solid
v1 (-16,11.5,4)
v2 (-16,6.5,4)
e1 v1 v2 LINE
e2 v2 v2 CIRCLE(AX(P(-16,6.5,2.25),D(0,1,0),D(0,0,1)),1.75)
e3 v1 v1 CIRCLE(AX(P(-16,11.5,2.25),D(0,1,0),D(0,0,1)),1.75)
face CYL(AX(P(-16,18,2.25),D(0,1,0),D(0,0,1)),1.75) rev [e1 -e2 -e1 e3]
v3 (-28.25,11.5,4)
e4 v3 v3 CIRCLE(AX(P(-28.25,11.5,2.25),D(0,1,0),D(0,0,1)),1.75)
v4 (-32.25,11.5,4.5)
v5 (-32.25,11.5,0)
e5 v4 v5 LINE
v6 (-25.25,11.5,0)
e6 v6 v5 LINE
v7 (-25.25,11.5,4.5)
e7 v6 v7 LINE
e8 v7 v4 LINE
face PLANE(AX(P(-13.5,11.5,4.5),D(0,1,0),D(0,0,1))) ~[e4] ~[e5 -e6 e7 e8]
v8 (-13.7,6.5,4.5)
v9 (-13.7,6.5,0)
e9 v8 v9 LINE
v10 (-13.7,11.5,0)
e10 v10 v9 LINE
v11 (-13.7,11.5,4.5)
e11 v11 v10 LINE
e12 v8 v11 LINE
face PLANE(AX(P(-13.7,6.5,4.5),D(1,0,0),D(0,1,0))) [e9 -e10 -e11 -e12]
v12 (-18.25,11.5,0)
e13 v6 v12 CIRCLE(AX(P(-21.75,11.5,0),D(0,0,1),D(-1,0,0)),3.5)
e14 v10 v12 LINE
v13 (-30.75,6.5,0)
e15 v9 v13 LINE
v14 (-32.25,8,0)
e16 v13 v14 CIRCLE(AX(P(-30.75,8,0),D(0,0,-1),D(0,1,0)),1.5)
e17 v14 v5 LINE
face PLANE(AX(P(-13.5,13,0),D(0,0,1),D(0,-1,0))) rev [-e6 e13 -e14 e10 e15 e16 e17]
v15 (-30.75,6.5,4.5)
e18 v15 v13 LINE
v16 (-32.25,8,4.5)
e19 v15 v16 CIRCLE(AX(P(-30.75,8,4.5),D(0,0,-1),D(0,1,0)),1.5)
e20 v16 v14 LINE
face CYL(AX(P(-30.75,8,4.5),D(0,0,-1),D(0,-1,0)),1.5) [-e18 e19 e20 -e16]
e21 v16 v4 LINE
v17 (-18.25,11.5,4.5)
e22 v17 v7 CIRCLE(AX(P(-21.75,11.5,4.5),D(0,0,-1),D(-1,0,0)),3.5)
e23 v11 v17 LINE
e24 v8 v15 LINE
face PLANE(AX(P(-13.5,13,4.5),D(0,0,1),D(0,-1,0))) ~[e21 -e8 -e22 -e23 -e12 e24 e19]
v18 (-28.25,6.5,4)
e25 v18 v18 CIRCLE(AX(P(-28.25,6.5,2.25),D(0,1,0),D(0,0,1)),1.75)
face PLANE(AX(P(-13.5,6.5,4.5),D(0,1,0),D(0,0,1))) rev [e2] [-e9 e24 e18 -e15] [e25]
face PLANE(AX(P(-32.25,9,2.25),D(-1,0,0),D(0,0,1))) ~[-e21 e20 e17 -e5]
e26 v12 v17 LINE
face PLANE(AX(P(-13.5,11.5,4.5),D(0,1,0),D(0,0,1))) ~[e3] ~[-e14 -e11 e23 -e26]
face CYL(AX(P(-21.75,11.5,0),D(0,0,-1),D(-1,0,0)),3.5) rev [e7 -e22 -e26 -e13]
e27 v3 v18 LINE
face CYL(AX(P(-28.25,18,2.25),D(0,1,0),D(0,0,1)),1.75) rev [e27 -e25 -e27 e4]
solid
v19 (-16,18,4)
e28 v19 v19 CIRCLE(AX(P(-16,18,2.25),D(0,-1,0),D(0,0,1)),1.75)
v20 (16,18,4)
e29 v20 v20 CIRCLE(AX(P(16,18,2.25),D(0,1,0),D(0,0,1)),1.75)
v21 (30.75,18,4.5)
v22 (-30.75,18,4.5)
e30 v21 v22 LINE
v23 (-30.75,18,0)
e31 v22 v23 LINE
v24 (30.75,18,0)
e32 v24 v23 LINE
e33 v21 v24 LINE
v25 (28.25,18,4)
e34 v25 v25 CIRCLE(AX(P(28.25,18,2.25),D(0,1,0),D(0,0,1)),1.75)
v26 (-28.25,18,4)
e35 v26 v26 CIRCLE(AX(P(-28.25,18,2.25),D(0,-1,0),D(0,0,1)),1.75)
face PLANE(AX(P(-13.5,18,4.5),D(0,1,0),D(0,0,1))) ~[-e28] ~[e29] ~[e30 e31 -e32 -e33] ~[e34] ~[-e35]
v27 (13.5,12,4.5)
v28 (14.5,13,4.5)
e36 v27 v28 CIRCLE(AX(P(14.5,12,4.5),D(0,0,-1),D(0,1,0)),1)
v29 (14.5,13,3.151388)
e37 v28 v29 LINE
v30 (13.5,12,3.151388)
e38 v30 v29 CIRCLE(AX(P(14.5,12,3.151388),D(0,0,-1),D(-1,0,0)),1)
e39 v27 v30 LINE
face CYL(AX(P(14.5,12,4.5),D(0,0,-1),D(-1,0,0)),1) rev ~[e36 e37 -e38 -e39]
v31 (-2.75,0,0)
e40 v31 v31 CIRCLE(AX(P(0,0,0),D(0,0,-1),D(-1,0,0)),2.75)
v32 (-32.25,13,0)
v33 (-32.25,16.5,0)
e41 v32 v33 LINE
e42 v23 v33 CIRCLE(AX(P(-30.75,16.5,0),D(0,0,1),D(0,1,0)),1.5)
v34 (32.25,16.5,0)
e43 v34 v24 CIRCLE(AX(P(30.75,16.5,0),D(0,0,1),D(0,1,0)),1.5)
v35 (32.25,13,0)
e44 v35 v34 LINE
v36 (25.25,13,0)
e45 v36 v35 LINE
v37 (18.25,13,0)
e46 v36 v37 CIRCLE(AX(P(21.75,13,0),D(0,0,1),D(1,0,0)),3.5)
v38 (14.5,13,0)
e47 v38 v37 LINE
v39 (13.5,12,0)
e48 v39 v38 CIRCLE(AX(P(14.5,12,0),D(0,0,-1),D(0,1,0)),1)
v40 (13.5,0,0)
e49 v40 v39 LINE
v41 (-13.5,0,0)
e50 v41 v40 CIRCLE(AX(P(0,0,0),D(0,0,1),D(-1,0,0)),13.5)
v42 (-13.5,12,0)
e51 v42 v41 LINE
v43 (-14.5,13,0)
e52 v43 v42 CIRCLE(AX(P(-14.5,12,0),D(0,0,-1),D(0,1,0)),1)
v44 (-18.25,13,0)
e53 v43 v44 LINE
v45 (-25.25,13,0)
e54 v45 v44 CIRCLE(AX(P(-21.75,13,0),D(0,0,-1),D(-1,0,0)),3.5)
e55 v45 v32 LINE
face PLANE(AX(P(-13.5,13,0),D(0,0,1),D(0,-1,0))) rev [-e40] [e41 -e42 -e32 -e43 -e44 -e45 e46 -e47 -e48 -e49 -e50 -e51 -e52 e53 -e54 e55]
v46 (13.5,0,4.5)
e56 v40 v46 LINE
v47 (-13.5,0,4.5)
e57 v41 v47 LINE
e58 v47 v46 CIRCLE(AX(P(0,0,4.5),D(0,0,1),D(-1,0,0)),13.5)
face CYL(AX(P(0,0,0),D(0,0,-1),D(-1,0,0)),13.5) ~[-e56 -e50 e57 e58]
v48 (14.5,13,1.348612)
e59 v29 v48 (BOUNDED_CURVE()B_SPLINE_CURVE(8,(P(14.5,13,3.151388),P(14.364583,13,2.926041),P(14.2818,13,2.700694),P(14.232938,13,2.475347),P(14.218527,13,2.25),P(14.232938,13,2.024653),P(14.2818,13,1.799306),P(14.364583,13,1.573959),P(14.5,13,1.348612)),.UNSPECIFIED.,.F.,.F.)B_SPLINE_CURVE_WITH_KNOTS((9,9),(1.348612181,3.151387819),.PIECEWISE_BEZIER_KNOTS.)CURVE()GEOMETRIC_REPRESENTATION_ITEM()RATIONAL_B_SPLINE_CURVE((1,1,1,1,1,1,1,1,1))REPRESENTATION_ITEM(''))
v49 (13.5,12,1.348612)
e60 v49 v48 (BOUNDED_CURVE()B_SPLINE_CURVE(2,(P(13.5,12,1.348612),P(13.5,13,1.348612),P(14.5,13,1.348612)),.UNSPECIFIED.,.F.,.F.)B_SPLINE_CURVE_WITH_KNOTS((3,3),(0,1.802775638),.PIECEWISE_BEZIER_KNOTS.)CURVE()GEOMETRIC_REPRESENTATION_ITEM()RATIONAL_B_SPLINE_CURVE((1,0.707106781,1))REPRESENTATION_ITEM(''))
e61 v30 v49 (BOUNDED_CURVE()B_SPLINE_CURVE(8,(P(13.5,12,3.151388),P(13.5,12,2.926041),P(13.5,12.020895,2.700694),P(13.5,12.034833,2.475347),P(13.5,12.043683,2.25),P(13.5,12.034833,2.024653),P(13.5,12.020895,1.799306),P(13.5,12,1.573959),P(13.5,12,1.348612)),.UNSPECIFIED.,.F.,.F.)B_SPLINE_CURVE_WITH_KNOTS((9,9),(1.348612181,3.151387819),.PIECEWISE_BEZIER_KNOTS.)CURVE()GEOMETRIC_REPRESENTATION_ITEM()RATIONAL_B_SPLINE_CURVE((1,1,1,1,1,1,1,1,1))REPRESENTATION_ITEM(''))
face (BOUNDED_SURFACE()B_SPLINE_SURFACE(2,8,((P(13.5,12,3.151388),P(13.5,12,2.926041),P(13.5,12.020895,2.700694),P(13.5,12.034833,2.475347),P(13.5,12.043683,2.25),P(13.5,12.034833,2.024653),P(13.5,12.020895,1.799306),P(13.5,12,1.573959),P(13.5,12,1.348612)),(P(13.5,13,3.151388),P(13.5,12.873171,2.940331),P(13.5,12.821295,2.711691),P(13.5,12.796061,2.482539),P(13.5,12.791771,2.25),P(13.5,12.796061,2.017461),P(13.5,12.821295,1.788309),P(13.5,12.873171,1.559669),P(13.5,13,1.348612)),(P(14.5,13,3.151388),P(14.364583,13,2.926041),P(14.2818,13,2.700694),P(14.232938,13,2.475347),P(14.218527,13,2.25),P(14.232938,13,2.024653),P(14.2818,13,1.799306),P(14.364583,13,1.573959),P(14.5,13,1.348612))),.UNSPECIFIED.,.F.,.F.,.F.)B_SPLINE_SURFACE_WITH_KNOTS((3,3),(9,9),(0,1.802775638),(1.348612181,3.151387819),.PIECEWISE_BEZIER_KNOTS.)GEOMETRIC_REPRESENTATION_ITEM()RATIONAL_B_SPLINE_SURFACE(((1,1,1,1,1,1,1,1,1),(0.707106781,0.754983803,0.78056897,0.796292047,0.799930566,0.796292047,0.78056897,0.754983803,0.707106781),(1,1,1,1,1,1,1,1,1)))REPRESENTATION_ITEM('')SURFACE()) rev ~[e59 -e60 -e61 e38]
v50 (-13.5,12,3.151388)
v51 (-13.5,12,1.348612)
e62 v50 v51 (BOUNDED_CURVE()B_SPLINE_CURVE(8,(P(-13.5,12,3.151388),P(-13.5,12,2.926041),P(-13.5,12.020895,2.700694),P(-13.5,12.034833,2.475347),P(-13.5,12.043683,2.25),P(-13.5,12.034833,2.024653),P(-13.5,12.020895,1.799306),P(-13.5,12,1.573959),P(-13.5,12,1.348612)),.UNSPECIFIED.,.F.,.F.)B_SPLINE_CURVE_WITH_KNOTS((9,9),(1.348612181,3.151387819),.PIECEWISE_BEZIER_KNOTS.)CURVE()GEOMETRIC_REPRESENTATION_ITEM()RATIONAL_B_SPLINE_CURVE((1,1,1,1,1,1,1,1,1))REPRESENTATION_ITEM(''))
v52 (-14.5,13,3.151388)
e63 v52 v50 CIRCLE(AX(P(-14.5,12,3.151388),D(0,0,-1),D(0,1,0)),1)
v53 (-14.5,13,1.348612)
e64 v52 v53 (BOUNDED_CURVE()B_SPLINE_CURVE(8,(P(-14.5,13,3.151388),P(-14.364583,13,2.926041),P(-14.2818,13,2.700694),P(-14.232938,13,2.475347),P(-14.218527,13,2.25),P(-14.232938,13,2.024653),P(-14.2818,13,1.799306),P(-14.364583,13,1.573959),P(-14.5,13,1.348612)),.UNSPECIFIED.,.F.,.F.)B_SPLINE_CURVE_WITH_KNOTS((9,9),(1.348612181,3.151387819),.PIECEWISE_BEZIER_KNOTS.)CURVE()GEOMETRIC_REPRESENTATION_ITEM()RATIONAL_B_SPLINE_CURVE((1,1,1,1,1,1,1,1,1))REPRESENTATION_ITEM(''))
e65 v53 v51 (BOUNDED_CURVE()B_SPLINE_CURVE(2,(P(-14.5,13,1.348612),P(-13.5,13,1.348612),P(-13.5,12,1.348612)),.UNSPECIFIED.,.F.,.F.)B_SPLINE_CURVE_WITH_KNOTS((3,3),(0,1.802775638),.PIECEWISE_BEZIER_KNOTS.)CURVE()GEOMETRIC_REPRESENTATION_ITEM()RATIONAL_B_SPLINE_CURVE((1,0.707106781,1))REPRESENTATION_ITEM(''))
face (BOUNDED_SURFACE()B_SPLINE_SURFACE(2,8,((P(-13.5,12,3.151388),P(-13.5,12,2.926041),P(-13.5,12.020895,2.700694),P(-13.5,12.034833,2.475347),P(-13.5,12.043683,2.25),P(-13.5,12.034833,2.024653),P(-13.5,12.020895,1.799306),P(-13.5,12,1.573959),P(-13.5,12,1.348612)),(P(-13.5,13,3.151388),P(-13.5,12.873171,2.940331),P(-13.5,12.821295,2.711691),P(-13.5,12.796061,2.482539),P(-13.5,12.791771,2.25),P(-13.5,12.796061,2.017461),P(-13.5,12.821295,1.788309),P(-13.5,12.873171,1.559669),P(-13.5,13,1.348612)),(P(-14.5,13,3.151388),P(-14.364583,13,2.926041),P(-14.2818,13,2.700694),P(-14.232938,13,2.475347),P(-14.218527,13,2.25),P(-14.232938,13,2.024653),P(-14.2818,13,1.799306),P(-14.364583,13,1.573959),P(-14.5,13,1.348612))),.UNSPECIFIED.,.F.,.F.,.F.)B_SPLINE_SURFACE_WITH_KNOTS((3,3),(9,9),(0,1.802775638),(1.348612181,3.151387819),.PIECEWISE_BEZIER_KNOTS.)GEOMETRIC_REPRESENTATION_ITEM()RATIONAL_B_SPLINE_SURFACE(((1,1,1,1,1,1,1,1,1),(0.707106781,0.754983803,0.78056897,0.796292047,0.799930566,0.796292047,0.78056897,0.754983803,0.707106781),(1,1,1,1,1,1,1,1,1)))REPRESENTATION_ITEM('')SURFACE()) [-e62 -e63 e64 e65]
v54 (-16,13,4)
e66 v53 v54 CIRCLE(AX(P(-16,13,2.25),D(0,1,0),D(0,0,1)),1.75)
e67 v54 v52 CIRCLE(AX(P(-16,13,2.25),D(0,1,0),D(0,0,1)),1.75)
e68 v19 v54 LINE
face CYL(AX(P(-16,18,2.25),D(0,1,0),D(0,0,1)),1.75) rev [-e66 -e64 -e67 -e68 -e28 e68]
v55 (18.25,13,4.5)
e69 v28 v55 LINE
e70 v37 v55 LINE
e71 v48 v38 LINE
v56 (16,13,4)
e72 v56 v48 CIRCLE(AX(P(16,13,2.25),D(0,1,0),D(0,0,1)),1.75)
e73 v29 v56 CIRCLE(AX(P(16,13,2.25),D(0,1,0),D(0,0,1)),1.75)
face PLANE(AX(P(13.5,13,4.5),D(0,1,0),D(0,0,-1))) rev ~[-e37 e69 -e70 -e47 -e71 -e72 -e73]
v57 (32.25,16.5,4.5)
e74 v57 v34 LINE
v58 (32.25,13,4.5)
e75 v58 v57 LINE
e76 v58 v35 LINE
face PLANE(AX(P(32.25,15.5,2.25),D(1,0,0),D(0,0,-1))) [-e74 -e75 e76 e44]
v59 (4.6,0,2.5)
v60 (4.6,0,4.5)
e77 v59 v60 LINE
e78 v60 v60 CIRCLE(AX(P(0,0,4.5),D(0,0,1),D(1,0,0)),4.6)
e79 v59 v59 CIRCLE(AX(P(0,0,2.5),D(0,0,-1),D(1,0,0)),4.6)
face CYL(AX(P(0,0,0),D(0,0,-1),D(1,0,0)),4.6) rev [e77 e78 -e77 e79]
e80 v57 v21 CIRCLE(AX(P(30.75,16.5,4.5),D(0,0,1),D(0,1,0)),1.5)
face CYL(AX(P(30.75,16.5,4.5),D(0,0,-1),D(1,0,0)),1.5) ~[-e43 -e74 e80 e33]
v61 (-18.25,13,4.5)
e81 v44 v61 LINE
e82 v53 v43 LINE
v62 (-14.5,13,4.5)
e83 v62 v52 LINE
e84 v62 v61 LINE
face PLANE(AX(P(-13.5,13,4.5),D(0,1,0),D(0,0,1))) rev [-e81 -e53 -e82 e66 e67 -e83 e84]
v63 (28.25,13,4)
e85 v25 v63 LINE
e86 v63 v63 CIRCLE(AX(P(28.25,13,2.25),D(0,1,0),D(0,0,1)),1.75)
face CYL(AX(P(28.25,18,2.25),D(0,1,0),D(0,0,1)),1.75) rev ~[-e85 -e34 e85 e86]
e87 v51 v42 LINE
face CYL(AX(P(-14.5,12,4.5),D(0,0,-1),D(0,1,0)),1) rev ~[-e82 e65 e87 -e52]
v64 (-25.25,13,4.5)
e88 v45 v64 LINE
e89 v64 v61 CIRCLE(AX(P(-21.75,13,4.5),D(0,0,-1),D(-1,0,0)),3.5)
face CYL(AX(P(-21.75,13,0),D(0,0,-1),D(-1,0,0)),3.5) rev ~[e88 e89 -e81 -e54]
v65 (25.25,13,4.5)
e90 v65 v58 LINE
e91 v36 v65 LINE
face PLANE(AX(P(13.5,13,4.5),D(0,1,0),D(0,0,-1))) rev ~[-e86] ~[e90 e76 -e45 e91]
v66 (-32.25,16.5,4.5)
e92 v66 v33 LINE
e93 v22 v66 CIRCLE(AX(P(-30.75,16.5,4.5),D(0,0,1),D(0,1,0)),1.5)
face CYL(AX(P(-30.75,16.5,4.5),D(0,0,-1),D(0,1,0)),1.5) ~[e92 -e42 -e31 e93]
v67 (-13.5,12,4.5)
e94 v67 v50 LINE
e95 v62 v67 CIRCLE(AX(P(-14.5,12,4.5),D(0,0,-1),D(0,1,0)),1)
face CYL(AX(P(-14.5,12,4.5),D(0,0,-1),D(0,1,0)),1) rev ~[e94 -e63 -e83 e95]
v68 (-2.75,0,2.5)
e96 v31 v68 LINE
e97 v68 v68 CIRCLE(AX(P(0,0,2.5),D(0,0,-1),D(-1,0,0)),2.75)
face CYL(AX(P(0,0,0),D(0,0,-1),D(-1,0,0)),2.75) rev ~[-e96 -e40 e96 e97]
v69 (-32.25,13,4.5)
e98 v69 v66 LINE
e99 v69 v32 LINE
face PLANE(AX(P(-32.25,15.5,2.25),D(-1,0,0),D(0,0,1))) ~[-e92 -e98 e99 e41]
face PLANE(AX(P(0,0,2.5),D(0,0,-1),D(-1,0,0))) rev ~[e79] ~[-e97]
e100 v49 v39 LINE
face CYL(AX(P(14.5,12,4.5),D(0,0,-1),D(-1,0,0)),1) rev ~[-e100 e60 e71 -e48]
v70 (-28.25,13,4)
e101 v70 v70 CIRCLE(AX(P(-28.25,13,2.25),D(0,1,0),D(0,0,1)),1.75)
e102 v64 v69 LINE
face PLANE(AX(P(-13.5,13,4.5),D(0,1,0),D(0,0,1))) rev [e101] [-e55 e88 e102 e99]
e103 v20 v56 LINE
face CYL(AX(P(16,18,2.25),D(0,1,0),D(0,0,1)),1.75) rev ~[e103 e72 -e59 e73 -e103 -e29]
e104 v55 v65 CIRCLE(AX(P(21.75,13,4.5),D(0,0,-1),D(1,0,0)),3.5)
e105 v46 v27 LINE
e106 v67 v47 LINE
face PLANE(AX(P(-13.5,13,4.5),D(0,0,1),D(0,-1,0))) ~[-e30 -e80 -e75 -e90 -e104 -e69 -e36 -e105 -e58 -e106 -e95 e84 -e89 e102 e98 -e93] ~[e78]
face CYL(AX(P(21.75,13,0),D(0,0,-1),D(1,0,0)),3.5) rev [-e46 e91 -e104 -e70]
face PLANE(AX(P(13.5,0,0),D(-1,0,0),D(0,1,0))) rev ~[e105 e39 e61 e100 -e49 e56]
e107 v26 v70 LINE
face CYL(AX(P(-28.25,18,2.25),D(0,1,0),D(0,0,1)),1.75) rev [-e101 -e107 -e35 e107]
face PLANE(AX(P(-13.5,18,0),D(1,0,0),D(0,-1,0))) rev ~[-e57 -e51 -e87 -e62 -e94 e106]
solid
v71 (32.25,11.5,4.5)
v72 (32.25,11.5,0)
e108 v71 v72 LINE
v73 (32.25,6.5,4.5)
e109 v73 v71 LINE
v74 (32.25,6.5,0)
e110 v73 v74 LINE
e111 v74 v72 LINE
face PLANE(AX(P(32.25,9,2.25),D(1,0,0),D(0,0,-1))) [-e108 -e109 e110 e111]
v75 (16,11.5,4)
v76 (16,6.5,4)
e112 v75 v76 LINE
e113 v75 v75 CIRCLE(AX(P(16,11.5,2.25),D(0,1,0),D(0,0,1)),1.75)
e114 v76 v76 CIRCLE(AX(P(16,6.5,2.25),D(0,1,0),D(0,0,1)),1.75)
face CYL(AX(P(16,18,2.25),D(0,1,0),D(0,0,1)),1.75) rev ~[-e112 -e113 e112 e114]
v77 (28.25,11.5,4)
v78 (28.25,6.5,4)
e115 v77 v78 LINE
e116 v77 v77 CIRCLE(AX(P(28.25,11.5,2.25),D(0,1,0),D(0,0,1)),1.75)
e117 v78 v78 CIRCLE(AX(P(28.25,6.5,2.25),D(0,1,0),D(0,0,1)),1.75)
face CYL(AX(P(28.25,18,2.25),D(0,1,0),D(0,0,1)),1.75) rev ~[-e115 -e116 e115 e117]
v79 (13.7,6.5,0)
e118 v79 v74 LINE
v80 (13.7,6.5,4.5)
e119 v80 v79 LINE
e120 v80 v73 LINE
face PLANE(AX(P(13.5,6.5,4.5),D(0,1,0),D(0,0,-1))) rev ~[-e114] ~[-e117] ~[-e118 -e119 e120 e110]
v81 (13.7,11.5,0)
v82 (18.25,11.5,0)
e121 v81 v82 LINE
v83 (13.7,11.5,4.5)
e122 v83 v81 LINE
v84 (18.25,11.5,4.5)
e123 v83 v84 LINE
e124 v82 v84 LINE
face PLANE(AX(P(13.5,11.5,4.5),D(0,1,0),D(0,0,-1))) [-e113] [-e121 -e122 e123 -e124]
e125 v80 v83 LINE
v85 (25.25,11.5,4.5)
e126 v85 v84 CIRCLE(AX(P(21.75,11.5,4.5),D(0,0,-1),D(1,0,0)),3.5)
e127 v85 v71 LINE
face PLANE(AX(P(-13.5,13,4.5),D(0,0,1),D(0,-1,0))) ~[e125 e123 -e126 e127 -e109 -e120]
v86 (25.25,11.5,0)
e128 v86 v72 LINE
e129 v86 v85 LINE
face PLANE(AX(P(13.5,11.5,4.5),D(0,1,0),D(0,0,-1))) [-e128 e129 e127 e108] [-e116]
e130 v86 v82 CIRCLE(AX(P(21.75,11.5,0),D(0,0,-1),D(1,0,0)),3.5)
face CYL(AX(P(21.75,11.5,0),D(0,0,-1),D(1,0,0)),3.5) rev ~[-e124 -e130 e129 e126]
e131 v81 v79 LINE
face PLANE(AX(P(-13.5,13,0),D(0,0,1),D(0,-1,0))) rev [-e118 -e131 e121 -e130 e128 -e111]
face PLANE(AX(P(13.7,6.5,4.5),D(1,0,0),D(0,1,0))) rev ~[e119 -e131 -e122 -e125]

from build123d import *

# Parameters (mm, degrees)
SKETCH_1_R          = 4.6
EXTRUDE_1_DEPTH     = 4.5
SKETCH_3_R          = 4.6
EXTRUDE_2_DEPTH     = 2.5
SKETCH_4_R          = 2.75
CUT_EXTRUDE_1_DEPTH = 2.5
SKETCH_5_W          = 4.5
SKETCH_5_H          = 5
EXTRUDE_3_DEPTH     = 18.75
CUT_EXTRUDE_2_DEPTH = 18.75
SKETCH_7_R          = 1.75
CUT_EXTRUDE_3_DEPTH = 18.75
SKETCH_9_R          = 1.75
CUT_EXTRUDE_8_DEPTH = 20
SKETCH_13_W         = 0.2
SKETCH_13_H         = 5
CUT_EXTRUDE_4_DEPTH = 10
FILLET_1_R          = 1.5
FILLET_2_R          = 1.5
FILLET_3_R          = 1


with BuildPart() as part:
    # 草图1 → 凸台-拉伸1 (new body)
    with BuildSketch(Plane.XY):
        with BuildLine():
            ThreePointArc((-13.5, 0), (0, -13.5), (13.5, 0))
            Line((13.5, 0), (13.5, 18))
            Line((13.5, 18), (-13.5, 18))
            Line((-13.5, 18), (-13.5, 0))
        make_face()
        Circle(SKETCH_1_R, mode=Mode.SUBTRACT)
    extrude(amount=EXTRUDE_1_DEPTH)

    # 草图3 → 凸台-拉伸2 (add)
    with BuildSketch(Plane(origin=(0, 0, 0), x_dir=(-1, 0, 0), z_dir=(0, 0, -1))):
        Circle(SKETCH_3_R)
    extrude(amount=-EXTRUDE_2_DEPTH)

    # 草图4 → 切除-拉伸1 (cut)
    with BuildSketch(Plane(origin=(0, 0, 0), x_dir=(-1, 0, 0), z_dir=(0, 0, -1))):
        Circle(SKETCH_4_R)
    extrude(amount=-CUT_EXTRUDE_1_DEPTH, mode=Mode.SUBTRACT)

    # 草图5 → 凸台-拉伸3 (add)
    with BuildSketch(Plane(origin=(13.5, 0, 0), x_dir=(0, 0, -1), z_dir=(1, 0, 0))):
        with Locations((-2.25, 15.5)):
            Rectangle(SKETCH_5_W, SKETCH_5_H)
        with Locations((-2.25, 9)):
            Rectangle(SKETCH_5_W, SKETCH_5_H)
    extrude_3 = extrude(amount=EXTRUDE_3_DEPTH)

    # 草图6 → 切除-拉伸2 (cut)
    with BuildSketch(Plane(origin=(0, 0, 0), x_dir=(-1, 0, 0), z_dir=(0, 0, -1))):
        with BuildLine():
            ThreePointArc((-25.25, 11.5), (-21.75, 8), (-18.25, 11.5))
            Line((-18.25, 11.5), (-25.25, 11.5))
        make_face()
        with BuildLine():
            ThreePointArc((-25.25, 13), (-21.75, 16.5), (-18.25, 13))
            Line((-18.25, 13), (-25.25, 13))
        make_face()
    cut_extrude_2 = extrude(amount=-CUT_EXTRUDE_2_DEPTH, mode=Mode.SUBTRACT)

    # 草图7 → 切除-拉伸3 (cut)
    with BuildSketch(Plane(origin=(0, 18, 0), x_dir=(1, 0, 0), z_dir=(0, 1, 0))):
        with Locations(Location((28.25, -2.25, 0), (0, 0, 270))):
            Circle(SKETCH_7_R)
    cut_extrude_3 = extrude(amount=-CUT_EXTRUDE_3_DEPTH, mode=Mode.SUBTRACT)

    # 草图9 → 切除-拉伸8 (cut)
    with BuildSketch(Plane(origin=(0, 18, 0), x_dir=(1, 0, 0), z_dir=(0, 1, 0))):
        with Locations(Location((16, -2.25, 0), (0, 0, 270))):
            Circle(SKETCH_9_R)
    cut_extrude_8 = extrude(amount=-CUT_EXTRUDE_8_DEPTH, mode=Mode.SUBTRACT)

    # 镜向3: 凸台-拉伸3, 切除-拉伸2, 切除-拉伸3, 切除-拉伸8 across plane
    add(extrude_3.mirror(Plane(origin=(0, 0, 0), x_dir=(0, 0, 1), z_dir=(1, 0, 0))))
    add(cut_extrude_2.mirror(Plane(origin=(0, 0, 0), x_dir=(0, 0, 1), z_dir=(1, 0, 0))), mode=Mode.SUBTRACT)
    add(cut_extrude_3.mirror(Plane(origin=(0, 0, 0), x_dir=(0, 0, 1), z_dir=(1, 0, 0))), mode=Mode.SUBTRACT)
    add(cut_extrude_8.mirror(Plane(origin=(0, 0, 0), x_dir=(0, 0, 1), z_dir=(1, 0, 0))), mode=Mode.SUBTRACT)

    # 草图13 → 切除-拉伸-薄壁4 (cut)
    with BuildSketch(Plane.XY.offset(4.5)):
        with Locations((-13.6, 9)):
            Rectangle(SKETCH_13_W, SKETCH_13_H)
        with Locations((13.6, 9)):
            Rectangle(SKETCH_13_W, SKETCH_13_H)
    extrude(amount=-CUT_EXTRUDE_4_DEPTH, mode=Mode.SUBTRACT)


with BuildPart() as cut_extrude_4_piece_1:
    # of the separate pieces the step leaves, piece 1, a body of its own (cut_extrude_4_pieces)
    add(part.part.solids().sort_by_distance((13.5, 0, 0))[0])

    # 圆角1
    fillet_1_edges = [cut_extrude_4_piece_1.edges().sort_by_distance(p)[0] for p in [
        (-32.25, 18, 2.25),
        (32.25, 18, 2.25),
    ]]
    fillet(fillet_1_edges, radius=FILLET_1_R)

    # 圆角3
    fillet_3_edges = [cut_extrude_4_piece_1.edges().sort_by_distance(p)[0] for p in [
        (-13.5, 13, 2.25),
        (13.5, 13, 2.25),
    ]]
    fillet(fillet_3_edges, radius=FILLET_3_R)


with BuildPart() as cut_extrude_4_piece_2:
    # of the separate pieces the step leaves, piece 2, a body of its own (cut_extrude_4_pieces)
    add(part.part.solids().sort_by_distance((-13.7, 6.5, 0))[0])

    # 圆角2
    fillet_2_edges = [cut_extrude_4_piece_2.edges().sort_by_distance(p)[0] for p in [
        (-32.25, 6.5, 2.25),
    ]]
    fillet(fillet_2_edges, radius=FILLET_2_R)


with BuildPart() as cut_extrude_4_piece_3:
    # of the separate pieces the step leaves, piece 3, a body of its own (cut_extrude_4_pieces)
    add(part.part.solids().sort_by_distance((13.7, 6.5, 4.5))[0])


solid = Compound([cut_extrude_4_piece_1.part, cut_extrude_4_piece_2.part, cut_extrude_4_piece_3.part])
